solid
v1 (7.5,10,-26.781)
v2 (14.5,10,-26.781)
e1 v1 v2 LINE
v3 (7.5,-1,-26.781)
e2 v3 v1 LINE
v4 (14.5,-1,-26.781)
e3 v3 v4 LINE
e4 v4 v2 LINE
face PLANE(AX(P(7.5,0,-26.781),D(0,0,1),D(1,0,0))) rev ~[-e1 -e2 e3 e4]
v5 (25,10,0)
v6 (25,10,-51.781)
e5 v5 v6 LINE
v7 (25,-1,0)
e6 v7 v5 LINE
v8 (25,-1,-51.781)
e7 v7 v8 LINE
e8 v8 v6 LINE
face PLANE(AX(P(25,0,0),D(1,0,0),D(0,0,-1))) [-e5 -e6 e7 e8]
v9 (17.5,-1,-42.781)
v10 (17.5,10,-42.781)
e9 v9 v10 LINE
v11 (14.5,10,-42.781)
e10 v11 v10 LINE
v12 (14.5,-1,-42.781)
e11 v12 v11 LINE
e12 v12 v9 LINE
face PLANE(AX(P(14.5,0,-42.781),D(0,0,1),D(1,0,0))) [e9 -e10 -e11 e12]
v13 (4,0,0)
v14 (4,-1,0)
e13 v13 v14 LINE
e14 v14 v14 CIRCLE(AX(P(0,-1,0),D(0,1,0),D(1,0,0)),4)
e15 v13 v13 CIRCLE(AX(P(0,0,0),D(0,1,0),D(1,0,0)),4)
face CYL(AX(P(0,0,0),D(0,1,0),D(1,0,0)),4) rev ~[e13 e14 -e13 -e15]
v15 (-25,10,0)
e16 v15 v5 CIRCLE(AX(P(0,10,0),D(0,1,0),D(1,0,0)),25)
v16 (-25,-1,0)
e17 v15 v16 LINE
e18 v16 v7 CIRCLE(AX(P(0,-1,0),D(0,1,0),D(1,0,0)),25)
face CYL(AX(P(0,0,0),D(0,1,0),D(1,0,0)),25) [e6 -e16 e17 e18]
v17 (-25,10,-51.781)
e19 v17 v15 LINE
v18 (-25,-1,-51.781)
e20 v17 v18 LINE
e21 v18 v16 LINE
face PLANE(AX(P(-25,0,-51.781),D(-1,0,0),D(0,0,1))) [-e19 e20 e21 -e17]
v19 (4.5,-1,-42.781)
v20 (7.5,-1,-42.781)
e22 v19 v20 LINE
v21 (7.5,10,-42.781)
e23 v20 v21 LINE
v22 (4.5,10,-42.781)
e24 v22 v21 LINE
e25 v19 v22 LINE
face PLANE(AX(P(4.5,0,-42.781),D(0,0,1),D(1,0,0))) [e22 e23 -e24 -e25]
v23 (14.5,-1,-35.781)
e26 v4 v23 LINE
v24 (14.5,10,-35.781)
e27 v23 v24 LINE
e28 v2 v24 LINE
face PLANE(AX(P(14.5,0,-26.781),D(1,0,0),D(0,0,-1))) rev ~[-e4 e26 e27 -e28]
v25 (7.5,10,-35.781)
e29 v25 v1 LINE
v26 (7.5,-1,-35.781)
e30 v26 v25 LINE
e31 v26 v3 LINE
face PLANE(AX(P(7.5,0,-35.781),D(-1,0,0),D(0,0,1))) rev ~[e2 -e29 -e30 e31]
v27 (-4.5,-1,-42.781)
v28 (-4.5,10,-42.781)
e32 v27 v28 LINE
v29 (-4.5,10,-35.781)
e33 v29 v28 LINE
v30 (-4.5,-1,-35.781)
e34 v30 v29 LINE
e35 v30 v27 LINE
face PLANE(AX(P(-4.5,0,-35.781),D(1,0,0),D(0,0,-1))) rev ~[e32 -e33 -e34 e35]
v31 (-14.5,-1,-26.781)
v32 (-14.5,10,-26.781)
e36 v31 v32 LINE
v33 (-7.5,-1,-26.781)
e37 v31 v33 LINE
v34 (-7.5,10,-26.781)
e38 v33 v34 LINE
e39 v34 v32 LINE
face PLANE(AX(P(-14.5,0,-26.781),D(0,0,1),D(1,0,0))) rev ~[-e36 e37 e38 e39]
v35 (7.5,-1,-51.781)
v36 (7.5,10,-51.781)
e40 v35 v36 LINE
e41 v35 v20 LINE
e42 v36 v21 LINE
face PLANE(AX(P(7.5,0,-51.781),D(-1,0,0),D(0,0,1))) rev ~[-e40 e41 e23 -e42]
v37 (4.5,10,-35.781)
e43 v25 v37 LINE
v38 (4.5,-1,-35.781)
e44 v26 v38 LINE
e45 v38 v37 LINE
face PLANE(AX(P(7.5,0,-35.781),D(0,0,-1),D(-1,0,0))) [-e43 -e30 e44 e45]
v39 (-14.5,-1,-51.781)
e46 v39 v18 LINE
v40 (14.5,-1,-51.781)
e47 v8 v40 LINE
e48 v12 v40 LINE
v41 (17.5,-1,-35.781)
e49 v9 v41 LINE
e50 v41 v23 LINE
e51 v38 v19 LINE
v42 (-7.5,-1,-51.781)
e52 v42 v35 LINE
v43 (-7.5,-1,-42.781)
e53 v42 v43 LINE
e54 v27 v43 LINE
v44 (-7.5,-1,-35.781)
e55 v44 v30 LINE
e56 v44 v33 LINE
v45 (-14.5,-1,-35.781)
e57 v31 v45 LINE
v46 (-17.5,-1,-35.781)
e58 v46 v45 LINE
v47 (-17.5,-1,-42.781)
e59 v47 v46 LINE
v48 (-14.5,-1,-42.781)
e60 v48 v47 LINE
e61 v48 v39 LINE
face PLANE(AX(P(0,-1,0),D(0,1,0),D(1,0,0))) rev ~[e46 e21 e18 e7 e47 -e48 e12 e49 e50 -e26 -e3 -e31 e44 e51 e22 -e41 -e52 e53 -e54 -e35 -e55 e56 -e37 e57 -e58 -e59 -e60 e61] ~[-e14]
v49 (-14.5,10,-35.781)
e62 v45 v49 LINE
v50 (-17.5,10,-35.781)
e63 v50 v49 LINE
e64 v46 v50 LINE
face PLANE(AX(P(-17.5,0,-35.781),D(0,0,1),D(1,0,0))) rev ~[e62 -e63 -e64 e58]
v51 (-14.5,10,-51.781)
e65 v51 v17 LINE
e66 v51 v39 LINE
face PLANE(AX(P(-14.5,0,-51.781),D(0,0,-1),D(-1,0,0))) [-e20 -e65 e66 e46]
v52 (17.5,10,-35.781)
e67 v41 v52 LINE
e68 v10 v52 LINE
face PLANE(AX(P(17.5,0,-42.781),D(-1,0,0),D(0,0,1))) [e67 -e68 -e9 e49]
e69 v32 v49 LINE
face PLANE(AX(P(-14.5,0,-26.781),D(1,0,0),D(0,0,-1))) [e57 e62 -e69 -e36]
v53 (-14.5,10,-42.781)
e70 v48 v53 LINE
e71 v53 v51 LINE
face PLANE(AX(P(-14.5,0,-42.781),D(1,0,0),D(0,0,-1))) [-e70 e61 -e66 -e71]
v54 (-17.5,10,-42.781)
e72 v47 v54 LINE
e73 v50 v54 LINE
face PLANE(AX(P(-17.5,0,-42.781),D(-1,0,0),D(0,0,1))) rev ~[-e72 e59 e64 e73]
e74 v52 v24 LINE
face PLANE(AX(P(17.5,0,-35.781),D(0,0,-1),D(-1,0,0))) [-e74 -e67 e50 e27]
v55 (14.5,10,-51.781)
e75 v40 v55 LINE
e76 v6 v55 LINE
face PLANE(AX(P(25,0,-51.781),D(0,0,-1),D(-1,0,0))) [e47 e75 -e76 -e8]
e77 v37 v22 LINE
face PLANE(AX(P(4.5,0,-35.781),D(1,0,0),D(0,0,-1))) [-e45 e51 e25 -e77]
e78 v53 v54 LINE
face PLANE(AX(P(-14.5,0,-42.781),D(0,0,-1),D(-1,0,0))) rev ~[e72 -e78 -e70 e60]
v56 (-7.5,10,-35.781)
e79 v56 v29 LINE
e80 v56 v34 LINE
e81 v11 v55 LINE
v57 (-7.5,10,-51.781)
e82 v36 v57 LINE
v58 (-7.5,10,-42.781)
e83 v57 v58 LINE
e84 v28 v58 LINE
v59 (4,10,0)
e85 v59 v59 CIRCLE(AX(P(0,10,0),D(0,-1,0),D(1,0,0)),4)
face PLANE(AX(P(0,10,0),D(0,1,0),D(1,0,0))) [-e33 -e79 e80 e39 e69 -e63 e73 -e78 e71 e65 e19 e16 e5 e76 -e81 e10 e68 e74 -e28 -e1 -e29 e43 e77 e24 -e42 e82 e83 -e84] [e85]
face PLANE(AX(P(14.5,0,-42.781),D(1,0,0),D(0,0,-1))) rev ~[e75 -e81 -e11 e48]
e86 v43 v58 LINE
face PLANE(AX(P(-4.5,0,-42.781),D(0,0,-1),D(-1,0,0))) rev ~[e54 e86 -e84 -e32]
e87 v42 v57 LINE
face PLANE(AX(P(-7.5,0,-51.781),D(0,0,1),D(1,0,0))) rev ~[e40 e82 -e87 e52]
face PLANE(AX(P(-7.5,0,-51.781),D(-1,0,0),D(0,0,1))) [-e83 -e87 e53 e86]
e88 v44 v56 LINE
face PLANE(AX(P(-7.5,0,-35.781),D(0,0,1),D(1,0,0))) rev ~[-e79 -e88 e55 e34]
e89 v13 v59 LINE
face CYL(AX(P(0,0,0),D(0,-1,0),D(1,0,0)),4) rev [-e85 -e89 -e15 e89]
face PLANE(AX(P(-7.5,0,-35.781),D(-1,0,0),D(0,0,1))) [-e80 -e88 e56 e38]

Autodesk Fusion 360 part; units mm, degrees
sketch "Sketch1" plane through (0, 0, 0) normal (0, 1, 0) x (1, 0, 0)
  circle A0 centre (0, 0) radius 4
  circle A1 centre (0, 0) radius 25
  line L0 (0, 0) -> (-25, 0)
  line L1 (0, 0) -> (25, 0)
  line L2 (-25, 0) -> (25, 0)
  line L3 (25, 0) -> (25, 51.781)
  line L4 (25, 51.781) -> (-25, 51.781)
  line L5 (-25, 51.781) -> (-25, 0)
  line L6 (-14.5, 51.781) -> (-7.5, 51.781)
  line L7 (-7.5, 51.781) -> (-7.5, 26.781)
  line L8 (-7.5, 26.781) -> (-14.5, 26.781)
  line L9 (-14.5, 26.781) -> (-14.5, 51.781)
  line L10 (-17.5, 35.781) -> (-4.5, 35.781)
  line L11 (-4.5, 35.781) -> (-4.5, 42.781)
  line L12 (-4.5, 42.781) -> (-17.5, 42.781)
  line L13 (-17.5, 42.781) -> (-17.5, 35.781)
  line L14 (-11, 35.781) -> (-11, 26.781)
  line L15 (-17.5, 39.281) -> (-14.5, 39.281)
  line L16 (0, 51.781) -> (0, 83.1045)
  line L17 (7.5, 51.781) -> (7.5, 26.781)
  line L18 (7.5, 26.781) -> (14.5, 26.781)
  line L19 (14.5, 26.781) -> (14.5, 51.781)
  line L20 (17.5, 35.781) -> (4.5, 35.781)
  line L21 (17.5, 42.781) -> (17.5, 35.781)
  line L22 (4.5, 42.781) -> (17.5, 42.781)
  line L23 (4.5, 35.781) -> (4.5, 42.781)
  dimension "d1" = 8
  dimension "d2" = 50
  dimension "d3" = 25
  dimension "d4" = 7
  dimension "d5" = 7
  dimension "d6" = 13
  dimension "d7" = 90
  dimension "d8" = 90
  dimension "d9" = 9
  dimension "d10" = 51.781
extrude "Extrude1" add sketch "Sketch1" along normal blind 10 contours A0 A1 L0 L1 L2 | A0 A1 L0 L1 L2 | A1 L3 L4 L5 L7 L8 L9 L10 L11 L12 L13 L17 L18 L19 L20 L21 L22 L23
extrude "Extrude2" add 1 faces at (14.2683, 0, -9.6781) along direction (0, -1, 0) blind 1
